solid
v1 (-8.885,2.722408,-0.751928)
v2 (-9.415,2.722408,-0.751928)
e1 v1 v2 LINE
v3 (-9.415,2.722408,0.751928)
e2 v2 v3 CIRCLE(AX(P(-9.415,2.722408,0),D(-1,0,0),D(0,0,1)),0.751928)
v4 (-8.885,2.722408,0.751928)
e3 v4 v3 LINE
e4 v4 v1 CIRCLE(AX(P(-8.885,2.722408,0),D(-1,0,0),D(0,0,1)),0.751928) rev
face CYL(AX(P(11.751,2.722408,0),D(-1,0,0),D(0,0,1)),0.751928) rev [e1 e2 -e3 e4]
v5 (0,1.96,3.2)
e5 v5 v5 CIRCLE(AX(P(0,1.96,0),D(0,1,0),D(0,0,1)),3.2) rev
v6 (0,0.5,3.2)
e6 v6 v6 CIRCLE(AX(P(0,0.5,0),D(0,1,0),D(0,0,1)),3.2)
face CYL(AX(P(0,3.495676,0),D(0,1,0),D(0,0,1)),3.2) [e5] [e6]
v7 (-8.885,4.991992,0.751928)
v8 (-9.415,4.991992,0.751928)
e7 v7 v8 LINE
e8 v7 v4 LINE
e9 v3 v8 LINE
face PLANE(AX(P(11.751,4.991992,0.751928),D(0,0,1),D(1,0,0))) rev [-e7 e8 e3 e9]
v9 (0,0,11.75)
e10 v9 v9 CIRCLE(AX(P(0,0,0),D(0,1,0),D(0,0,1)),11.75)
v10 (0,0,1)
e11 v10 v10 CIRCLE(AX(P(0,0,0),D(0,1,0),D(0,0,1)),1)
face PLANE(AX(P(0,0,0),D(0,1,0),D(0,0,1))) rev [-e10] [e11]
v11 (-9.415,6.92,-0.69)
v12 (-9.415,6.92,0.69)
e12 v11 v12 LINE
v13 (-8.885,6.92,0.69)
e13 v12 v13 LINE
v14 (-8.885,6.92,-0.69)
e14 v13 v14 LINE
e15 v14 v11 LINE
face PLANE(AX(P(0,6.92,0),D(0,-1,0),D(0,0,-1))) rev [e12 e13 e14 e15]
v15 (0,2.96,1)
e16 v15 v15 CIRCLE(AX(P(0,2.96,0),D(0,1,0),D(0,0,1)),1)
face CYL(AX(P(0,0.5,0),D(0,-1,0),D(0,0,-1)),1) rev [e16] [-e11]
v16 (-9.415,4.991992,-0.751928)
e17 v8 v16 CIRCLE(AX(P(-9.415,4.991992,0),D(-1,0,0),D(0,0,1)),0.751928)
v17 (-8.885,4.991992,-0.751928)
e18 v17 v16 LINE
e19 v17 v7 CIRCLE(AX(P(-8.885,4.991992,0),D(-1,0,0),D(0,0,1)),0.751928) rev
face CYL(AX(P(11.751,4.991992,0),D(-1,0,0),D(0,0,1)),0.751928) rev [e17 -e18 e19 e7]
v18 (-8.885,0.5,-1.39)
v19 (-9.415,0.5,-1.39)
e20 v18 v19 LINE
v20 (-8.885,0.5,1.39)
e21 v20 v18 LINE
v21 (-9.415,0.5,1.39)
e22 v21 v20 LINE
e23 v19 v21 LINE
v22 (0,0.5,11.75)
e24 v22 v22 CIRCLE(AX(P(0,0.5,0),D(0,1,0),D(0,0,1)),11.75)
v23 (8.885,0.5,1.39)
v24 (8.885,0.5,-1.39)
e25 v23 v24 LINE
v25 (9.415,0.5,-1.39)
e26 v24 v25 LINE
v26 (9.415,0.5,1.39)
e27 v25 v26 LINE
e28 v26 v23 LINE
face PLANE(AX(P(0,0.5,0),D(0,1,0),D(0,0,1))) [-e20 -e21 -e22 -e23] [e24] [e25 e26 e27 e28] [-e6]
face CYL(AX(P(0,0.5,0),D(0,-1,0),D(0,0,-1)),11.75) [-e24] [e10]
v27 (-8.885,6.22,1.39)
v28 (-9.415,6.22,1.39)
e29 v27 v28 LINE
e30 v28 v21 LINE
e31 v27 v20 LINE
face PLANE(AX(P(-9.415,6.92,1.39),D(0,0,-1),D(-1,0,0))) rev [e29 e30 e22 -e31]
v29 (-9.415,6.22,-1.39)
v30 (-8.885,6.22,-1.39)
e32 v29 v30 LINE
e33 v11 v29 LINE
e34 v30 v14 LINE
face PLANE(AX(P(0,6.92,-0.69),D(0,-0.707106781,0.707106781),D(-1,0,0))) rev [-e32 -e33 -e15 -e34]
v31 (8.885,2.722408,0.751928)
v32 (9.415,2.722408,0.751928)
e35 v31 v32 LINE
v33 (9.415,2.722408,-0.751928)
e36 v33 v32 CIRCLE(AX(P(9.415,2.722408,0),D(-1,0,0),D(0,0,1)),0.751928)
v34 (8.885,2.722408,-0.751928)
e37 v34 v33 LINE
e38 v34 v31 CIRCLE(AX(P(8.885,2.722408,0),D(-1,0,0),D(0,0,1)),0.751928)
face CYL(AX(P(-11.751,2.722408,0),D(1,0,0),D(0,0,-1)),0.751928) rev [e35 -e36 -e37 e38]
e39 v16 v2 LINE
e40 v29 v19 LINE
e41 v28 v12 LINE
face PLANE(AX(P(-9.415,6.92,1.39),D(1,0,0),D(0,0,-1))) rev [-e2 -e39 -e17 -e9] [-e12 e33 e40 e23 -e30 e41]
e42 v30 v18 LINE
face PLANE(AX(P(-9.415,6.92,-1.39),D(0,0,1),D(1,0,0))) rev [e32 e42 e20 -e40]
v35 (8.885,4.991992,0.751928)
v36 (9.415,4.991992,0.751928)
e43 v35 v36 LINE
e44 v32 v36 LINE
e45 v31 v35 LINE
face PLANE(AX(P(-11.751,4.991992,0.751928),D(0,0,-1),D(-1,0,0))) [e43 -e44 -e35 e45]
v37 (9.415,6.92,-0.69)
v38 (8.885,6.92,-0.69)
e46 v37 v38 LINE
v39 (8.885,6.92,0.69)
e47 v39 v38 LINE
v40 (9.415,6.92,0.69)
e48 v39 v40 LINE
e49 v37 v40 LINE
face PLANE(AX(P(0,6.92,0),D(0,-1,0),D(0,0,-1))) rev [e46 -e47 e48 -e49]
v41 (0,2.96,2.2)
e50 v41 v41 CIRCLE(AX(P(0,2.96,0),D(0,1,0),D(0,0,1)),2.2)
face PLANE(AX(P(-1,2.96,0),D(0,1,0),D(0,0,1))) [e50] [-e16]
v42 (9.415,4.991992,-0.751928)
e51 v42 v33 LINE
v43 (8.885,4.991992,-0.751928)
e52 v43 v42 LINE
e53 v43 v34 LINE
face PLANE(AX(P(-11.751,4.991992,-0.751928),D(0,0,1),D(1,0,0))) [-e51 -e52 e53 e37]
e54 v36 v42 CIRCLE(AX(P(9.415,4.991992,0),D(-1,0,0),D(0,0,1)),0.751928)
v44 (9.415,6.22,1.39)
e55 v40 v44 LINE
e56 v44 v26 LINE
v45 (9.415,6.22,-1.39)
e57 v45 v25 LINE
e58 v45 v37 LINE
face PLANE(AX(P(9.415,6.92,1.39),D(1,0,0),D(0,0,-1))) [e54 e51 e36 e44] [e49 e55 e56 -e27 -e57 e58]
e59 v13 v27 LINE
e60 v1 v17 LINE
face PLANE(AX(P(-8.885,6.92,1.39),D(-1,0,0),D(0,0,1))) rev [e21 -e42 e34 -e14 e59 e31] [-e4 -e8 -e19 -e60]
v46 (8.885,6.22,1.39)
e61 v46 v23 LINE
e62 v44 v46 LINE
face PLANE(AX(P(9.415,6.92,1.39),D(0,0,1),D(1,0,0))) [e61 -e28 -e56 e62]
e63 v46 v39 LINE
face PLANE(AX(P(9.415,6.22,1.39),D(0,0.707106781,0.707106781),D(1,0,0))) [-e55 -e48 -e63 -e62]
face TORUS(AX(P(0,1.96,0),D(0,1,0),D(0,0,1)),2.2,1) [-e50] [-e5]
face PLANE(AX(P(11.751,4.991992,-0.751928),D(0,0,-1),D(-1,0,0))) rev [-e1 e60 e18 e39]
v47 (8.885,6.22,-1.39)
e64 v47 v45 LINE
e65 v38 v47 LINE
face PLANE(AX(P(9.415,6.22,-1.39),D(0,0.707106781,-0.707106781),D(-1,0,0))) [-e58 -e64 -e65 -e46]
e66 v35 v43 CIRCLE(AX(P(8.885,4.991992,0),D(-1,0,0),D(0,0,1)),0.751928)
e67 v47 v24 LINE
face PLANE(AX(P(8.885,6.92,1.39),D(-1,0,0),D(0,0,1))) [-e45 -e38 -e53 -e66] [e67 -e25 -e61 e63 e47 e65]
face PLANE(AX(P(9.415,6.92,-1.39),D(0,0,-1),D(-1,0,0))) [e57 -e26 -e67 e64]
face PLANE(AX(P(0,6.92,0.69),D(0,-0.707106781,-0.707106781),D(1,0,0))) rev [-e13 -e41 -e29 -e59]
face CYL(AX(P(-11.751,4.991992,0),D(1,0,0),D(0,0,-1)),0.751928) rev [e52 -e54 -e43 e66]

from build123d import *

# Parameters (mm, degrees)
SKETCH_1_R                 = 11.75
SKETCH_1_R_2               = 1
EXTRUDE_1_DEPTH            = 0.5
SKETCH_2_W                 = 0.53
SKETCH_2_H                 = 2.78
EXTRUDE_2_DEPTH            = 6.42
CHAMFER_1_SIZE             = 0.7
CUT_EXTRUDE_1_DEPTH        = 0.53
SKETCH_4_W                 = 2.2
SKETCH_4_H                 = 2.46
FILLET_1_R                 = 1
CHAMFER_1_OF_MIRROR_1_SIZE = 0.7


with BuildPart() as part:
    # 草图1 → 凸台-拉伸1 (new body)
    with BuildSketch(Plane(origin=(0, 0, 0), x_dir=(1, 0, 0), z_dir=(0, 1, 0))):
        Circle(SKETCH_1_R)
        Circle(SKETCH_1_R_2, mode=Mode.SUBTRACT)
    extrude(amount=EXTRUDE_1_DEPTH)

    # 草图2 → 凸台-拉伸2 (add)
    with BuildSketch(Plane(origin=(0, 0.5, 0), x_dir=(1, 0, 0), z_dir=(0, 1, 0))):
        with Locations((-9.15, 0)):
            Rectangle(SKETCH_2_W, SKETCH_2_H)
    extrude_2 = extrude(amount=EXTRUDE_2_DEPTH)

    # 倒角1
    chamfer_1_edges = [part.edges().sort_by_distance(p)[0] for p in [
        (-9.15, 6.92, -1.39),
        (-9.15, 6.92, 1.39),
    ]]
    chamfer(chamfer_1_edges, length=CHAMFER_1_SIZE)

    # 草图3 → 切除-拉伸1 (cut)
    with BuildSketch(Plane.ZY.offset(9.415)):
        with BuildLine():
            Line((0.751927557, 4.991992343), (0.751927557, 2.722407652))
            ThreePointArc((0.751927557, 2.722407652), (0, 1.970480095), (-0.751927557, 2.722407652))
            Line((-0.751927557, 2.722407652), (-0.751927557, 4.991992343))
            ThreePointArc((-0.751927557, 4.991992343), (0, 5.7439199), (0.751927557, 4.991992343))
        make_face()
    cut_extrude_1 = extrude(amount=-CUT_EXTRUDE_1_DEPTH, mode=Mode.SUBTRACT)

    # 草图4 → 旋转1 (revolve)
    with BuildSketch(Plane.XY):
        with Locations((-2.1, 1.73)):
            Rectangle(SKETCH_4_W, SKETCH_4_H)
    revolve(axis=Axis((0, 3.495676189, 0), (0, -1, 0)))

    # 圆角1
    fillet_1_edges = [part.edges().sort_by_distance(p)[0] for p in [
        (3.2, 2.96, 0),
    ]]
    fillet(fillet_1_edges, radius=FILLET_1_R)

    # 镜向1: 凸台-拉伸2, 切除-拉伸1 across plane
    add(extrude_2.mirror(Plane(origin=(0, 0, 0), x_dir=(0, 0, 1), z_dir=(1, 0, 0))))
    add(cut_extrude_1.mirror(Plane(origin=(0, 0, 0), x_dir=(0, 0, 1), z_dir=(1, 0, 0))), mode=Mode.SUBTRACT)

    # 倒角1 of 镜向1
    chamfer_1_of_mirror_1_edges = [part.edges().sort_by_distance(p)[0] for p in [
        (9.15, 6.92, -1.39),
        (9.15, 6.92, 1.39),
    ]]
    chamfer(chamfer_1_of_mirror_1_edges, length=CHAMFER_1_OF_MIRROR_1_SIZE)


solid = part.part
